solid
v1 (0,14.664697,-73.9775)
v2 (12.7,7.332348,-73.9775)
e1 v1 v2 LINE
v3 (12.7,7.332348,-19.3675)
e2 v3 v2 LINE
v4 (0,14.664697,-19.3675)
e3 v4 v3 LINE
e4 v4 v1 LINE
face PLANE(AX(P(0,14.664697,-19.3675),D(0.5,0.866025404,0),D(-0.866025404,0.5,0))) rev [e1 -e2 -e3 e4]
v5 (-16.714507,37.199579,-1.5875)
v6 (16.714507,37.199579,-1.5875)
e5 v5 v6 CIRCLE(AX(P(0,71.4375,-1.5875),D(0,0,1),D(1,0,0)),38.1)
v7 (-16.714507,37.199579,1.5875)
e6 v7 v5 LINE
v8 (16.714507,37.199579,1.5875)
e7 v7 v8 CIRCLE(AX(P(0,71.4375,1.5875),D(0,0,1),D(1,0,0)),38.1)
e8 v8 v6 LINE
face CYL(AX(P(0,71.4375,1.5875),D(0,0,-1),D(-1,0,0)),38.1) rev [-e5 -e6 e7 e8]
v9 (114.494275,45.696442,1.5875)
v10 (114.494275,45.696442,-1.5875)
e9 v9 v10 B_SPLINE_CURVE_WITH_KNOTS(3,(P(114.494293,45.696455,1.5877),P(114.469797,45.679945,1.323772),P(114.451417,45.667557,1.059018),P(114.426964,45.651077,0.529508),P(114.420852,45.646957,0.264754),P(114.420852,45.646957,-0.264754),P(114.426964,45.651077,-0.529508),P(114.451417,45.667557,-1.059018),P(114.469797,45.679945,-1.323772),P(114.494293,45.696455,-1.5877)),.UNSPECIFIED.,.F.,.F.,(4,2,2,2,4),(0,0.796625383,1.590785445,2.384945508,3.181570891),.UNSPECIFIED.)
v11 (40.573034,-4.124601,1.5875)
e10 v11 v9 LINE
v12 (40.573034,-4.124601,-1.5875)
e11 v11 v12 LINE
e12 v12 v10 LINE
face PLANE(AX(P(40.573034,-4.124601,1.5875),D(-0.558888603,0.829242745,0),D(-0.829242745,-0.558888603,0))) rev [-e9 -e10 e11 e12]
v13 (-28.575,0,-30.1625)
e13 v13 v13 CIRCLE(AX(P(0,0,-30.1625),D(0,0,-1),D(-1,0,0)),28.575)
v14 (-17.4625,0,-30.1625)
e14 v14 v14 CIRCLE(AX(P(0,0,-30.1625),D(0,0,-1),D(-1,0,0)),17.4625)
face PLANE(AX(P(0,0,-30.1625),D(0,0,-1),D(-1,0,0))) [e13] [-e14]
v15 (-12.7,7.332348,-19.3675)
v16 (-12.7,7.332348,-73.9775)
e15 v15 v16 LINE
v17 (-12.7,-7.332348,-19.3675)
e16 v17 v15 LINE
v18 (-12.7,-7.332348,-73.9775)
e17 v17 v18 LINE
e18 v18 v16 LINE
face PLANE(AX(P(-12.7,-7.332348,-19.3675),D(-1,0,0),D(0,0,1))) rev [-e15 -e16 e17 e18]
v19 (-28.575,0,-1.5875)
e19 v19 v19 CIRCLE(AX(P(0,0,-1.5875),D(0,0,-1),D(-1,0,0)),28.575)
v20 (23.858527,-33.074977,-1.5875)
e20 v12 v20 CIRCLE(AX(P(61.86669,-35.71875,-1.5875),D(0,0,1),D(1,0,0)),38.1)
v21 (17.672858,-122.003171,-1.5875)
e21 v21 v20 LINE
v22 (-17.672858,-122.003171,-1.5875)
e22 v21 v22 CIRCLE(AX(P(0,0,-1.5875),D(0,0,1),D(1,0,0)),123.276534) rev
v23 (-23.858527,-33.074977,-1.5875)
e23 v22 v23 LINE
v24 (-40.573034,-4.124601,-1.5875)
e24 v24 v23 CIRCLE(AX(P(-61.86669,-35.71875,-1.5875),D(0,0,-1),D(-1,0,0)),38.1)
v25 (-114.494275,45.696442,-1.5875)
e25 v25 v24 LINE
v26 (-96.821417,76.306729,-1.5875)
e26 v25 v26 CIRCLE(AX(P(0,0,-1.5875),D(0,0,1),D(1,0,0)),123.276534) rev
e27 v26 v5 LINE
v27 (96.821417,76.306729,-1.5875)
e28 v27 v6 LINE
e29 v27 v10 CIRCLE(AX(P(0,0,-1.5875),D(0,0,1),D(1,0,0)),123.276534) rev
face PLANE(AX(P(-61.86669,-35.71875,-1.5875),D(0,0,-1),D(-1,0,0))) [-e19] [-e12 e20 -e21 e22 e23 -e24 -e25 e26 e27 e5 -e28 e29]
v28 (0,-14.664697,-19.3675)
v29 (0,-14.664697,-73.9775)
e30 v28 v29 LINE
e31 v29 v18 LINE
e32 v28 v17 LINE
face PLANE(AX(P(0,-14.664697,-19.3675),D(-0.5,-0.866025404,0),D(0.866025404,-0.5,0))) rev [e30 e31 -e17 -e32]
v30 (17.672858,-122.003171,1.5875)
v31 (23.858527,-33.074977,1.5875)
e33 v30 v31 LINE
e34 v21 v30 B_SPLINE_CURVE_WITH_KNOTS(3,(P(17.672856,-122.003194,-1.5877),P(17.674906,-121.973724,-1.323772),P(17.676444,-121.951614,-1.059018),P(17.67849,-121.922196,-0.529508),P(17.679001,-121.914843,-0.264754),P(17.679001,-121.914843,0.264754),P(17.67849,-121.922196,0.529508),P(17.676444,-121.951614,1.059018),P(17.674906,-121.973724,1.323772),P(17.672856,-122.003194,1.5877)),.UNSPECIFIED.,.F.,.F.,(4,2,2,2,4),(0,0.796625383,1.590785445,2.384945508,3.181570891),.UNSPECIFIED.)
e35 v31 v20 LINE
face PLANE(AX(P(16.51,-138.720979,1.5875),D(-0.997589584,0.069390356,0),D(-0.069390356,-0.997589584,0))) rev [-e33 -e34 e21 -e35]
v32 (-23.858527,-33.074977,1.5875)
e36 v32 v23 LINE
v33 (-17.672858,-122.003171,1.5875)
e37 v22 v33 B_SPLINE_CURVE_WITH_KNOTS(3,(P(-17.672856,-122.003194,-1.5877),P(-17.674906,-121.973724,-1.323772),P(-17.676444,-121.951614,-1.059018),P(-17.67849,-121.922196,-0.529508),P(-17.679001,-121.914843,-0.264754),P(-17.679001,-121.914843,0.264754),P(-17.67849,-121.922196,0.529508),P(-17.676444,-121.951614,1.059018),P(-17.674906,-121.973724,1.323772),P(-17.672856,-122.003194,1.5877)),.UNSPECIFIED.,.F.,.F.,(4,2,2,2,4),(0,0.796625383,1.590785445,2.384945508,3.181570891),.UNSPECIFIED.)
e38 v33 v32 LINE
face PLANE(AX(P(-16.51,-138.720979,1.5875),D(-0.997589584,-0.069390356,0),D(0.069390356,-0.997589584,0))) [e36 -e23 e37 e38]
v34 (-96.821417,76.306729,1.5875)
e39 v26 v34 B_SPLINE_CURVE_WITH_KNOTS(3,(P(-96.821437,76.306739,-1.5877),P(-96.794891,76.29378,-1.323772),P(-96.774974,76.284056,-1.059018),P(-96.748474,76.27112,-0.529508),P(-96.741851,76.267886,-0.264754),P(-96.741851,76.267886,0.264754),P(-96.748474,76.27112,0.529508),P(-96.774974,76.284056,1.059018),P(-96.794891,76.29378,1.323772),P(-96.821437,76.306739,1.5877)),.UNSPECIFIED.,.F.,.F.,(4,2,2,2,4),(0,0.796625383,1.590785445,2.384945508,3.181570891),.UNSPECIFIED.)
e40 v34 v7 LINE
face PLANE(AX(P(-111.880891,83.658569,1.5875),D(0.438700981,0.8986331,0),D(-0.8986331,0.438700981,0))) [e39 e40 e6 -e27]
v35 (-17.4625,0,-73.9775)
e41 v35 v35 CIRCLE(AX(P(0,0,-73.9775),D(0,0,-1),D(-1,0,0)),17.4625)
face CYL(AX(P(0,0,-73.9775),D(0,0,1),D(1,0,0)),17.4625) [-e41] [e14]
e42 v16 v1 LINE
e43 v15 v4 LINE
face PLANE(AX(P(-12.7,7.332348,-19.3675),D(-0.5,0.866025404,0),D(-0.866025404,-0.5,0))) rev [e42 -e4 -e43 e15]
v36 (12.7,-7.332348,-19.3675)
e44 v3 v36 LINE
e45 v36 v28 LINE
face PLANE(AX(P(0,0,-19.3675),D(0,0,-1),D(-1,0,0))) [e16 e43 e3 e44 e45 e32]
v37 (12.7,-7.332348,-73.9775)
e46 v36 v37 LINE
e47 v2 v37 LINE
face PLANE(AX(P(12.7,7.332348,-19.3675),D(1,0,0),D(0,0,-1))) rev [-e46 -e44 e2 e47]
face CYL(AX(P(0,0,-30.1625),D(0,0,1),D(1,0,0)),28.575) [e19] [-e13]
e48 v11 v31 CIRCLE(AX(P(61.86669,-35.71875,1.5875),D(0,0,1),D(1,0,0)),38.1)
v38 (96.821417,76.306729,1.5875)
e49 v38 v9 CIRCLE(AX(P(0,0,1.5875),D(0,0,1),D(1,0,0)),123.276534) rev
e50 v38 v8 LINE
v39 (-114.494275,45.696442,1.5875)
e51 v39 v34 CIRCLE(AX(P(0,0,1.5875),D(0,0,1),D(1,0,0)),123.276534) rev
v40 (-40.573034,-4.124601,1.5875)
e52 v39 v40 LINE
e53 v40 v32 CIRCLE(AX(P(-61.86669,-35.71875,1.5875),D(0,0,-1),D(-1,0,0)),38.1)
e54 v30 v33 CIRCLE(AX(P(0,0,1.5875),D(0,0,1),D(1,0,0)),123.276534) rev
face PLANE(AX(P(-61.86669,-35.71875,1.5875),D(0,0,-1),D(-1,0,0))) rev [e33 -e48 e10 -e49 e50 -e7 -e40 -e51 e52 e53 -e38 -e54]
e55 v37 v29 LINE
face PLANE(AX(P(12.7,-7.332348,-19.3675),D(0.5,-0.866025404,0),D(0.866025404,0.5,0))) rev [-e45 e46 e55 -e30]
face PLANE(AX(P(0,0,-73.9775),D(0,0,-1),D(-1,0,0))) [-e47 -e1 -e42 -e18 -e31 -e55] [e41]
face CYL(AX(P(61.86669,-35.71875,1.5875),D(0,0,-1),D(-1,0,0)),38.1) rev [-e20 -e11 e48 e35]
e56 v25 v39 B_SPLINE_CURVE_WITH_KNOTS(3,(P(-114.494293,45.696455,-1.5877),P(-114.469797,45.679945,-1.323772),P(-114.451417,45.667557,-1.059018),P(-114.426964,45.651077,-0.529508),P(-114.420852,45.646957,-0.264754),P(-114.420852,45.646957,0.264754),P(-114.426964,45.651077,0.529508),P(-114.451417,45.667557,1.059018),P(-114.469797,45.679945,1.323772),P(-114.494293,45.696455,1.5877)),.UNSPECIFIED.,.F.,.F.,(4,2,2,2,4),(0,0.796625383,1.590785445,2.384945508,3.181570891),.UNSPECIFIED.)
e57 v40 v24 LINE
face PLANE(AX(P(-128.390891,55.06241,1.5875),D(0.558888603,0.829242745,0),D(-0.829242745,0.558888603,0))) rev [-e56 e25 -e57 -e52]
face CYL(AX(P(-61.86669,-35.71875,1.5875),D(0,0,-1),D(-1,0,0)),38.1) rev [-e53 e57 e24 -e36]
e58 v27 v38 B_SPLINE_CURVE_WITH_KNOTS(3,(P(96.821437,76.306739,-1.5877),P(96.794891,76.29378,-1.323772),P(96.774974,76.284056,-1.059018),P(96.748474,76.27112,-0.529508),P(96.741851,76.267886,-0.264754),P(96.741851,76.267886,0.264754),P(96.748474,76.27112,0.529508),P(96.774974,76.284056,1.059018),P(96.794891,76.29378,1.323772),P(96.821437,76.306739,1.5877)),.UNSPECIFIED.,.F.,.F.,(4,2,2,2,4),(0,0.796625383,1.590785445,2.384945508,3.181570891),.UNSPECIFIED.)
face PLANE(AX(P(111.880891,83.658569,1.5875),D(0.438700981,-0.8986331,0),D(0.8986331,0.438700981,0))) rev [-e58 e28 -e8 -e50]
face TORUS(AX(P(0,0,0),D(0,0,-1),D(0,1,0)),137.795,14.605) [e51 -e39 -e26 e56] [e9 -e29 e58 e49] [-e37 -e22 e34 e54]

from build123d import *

# Parameters (mm, degrees)
SKETCH1_R           = 14.605
BOSS_EXTRUDE1_DEPTH = 1.5875
SKETCH3_R           = 28.575
BOSS_EXTRUDE2_DEPTH = 28.575
SKETCH4_R           = 17.4625
BOSS_EXTRUDE3_DEPTH = 43.815
CUT_EXTRUDE1_DEPTH  = 54.61


with BuildPart() as part:
    # Sketch1 → Revolve1 (revolve)
    with BuildSketch(Plane(origin=(0, 0, 0), x_dir=(0, 0, -1), z_dir=(1, 0, 0))):
        with Locations((0, 137.795)):
            Circle(SKETCH1_R)
    revolve(axis=Axis((0, 0, -1.447577339), (0, 0, 1)))

    # Sketch2 → Boss-Extrude1 (add, symmetric)
    with BuildSketch(Plane.XY):
        with BuildLine():
            Line((-128.390891494, 55.062409877), (-40.573034005, -4.124601434))
            ThreePointArc((-40.573034005, -4.124601434), (-28.871121899, -16.66875), (-23.858526625, -33.07497744))
            Line((-23.858526625, -33.07497744), (-16.51, -138.720978587))
            Line((-16.51, -138.720978587), (16.51, -138.720978587))
            Line((16.51, -138.720978587), (23.858526625, -33.07497744))
            ThreePointArc((23.858526625, -33.07497744), (28.871121899, -16.66875), (40.573034005, -4.124601434))
            Line((40.573034005, -4.124601434), (128.390891494, 55.062409877))
            Line((128.390891494, 55.062409877), (111.880891494, 83.65856871))
            Line((111.880891494, 83.65856871), (16.71450738, 37.199578874))
            ThreePointArc((16.71450738, 37.199578874), (0, 33.3375), (-16.71450738, 37.199578874))
            Line((-16.71450738, 37.199578874), (-111.880891494, 83.65856871))
            Line((-111.880891494, 83.65856871), (-128.390891494, 55.062409877))
        make_face()
    extrude(amount=BOSS_EXTRUDE1_DEPTH, both=True)

    # Sketch3 → Boss-Extrude2 (add)
    with BuildSketch(Plane(origin=(0, 0, -1.5875), x_dir=(-1, 0, 0), z_dir=(0, 0, -1))):
        Circle(SKETCH3_R)
    extrude(amount=BOSS_EXTRUDE2_DEPTH)

    # Sketch4 → Boss-Extrude3 (add)
    with BuildSketch(Plane(origin=(0, 0, -30.1625), x_dir=(-1, 0, 0), z_dir=(0, 0, -1))):
        Circle(SKETCH4_R)
    extrude(amount=BOSS_EXTRUDE3_DEPTH)

    # Sketch6 → Cut-Extrude1 (cut)
    with BuildSketch(Plane(origin=(0, 0, -73.9775), x_dir=(-1, 0, 0), z_dir=(0, 0, -1))):
        Polygon((12.7, -7.332348419), (12.7, 7.332348419), (0, 14.664696837), (-12.7, 7.332348419), (-12.7, -7.332348419), (0, -14.664696837), align=None)
    extrude(amount=-CUT_EXTRUDE1_DEPTH, mode=Mode.SUBTRACT)


solid = part.part
